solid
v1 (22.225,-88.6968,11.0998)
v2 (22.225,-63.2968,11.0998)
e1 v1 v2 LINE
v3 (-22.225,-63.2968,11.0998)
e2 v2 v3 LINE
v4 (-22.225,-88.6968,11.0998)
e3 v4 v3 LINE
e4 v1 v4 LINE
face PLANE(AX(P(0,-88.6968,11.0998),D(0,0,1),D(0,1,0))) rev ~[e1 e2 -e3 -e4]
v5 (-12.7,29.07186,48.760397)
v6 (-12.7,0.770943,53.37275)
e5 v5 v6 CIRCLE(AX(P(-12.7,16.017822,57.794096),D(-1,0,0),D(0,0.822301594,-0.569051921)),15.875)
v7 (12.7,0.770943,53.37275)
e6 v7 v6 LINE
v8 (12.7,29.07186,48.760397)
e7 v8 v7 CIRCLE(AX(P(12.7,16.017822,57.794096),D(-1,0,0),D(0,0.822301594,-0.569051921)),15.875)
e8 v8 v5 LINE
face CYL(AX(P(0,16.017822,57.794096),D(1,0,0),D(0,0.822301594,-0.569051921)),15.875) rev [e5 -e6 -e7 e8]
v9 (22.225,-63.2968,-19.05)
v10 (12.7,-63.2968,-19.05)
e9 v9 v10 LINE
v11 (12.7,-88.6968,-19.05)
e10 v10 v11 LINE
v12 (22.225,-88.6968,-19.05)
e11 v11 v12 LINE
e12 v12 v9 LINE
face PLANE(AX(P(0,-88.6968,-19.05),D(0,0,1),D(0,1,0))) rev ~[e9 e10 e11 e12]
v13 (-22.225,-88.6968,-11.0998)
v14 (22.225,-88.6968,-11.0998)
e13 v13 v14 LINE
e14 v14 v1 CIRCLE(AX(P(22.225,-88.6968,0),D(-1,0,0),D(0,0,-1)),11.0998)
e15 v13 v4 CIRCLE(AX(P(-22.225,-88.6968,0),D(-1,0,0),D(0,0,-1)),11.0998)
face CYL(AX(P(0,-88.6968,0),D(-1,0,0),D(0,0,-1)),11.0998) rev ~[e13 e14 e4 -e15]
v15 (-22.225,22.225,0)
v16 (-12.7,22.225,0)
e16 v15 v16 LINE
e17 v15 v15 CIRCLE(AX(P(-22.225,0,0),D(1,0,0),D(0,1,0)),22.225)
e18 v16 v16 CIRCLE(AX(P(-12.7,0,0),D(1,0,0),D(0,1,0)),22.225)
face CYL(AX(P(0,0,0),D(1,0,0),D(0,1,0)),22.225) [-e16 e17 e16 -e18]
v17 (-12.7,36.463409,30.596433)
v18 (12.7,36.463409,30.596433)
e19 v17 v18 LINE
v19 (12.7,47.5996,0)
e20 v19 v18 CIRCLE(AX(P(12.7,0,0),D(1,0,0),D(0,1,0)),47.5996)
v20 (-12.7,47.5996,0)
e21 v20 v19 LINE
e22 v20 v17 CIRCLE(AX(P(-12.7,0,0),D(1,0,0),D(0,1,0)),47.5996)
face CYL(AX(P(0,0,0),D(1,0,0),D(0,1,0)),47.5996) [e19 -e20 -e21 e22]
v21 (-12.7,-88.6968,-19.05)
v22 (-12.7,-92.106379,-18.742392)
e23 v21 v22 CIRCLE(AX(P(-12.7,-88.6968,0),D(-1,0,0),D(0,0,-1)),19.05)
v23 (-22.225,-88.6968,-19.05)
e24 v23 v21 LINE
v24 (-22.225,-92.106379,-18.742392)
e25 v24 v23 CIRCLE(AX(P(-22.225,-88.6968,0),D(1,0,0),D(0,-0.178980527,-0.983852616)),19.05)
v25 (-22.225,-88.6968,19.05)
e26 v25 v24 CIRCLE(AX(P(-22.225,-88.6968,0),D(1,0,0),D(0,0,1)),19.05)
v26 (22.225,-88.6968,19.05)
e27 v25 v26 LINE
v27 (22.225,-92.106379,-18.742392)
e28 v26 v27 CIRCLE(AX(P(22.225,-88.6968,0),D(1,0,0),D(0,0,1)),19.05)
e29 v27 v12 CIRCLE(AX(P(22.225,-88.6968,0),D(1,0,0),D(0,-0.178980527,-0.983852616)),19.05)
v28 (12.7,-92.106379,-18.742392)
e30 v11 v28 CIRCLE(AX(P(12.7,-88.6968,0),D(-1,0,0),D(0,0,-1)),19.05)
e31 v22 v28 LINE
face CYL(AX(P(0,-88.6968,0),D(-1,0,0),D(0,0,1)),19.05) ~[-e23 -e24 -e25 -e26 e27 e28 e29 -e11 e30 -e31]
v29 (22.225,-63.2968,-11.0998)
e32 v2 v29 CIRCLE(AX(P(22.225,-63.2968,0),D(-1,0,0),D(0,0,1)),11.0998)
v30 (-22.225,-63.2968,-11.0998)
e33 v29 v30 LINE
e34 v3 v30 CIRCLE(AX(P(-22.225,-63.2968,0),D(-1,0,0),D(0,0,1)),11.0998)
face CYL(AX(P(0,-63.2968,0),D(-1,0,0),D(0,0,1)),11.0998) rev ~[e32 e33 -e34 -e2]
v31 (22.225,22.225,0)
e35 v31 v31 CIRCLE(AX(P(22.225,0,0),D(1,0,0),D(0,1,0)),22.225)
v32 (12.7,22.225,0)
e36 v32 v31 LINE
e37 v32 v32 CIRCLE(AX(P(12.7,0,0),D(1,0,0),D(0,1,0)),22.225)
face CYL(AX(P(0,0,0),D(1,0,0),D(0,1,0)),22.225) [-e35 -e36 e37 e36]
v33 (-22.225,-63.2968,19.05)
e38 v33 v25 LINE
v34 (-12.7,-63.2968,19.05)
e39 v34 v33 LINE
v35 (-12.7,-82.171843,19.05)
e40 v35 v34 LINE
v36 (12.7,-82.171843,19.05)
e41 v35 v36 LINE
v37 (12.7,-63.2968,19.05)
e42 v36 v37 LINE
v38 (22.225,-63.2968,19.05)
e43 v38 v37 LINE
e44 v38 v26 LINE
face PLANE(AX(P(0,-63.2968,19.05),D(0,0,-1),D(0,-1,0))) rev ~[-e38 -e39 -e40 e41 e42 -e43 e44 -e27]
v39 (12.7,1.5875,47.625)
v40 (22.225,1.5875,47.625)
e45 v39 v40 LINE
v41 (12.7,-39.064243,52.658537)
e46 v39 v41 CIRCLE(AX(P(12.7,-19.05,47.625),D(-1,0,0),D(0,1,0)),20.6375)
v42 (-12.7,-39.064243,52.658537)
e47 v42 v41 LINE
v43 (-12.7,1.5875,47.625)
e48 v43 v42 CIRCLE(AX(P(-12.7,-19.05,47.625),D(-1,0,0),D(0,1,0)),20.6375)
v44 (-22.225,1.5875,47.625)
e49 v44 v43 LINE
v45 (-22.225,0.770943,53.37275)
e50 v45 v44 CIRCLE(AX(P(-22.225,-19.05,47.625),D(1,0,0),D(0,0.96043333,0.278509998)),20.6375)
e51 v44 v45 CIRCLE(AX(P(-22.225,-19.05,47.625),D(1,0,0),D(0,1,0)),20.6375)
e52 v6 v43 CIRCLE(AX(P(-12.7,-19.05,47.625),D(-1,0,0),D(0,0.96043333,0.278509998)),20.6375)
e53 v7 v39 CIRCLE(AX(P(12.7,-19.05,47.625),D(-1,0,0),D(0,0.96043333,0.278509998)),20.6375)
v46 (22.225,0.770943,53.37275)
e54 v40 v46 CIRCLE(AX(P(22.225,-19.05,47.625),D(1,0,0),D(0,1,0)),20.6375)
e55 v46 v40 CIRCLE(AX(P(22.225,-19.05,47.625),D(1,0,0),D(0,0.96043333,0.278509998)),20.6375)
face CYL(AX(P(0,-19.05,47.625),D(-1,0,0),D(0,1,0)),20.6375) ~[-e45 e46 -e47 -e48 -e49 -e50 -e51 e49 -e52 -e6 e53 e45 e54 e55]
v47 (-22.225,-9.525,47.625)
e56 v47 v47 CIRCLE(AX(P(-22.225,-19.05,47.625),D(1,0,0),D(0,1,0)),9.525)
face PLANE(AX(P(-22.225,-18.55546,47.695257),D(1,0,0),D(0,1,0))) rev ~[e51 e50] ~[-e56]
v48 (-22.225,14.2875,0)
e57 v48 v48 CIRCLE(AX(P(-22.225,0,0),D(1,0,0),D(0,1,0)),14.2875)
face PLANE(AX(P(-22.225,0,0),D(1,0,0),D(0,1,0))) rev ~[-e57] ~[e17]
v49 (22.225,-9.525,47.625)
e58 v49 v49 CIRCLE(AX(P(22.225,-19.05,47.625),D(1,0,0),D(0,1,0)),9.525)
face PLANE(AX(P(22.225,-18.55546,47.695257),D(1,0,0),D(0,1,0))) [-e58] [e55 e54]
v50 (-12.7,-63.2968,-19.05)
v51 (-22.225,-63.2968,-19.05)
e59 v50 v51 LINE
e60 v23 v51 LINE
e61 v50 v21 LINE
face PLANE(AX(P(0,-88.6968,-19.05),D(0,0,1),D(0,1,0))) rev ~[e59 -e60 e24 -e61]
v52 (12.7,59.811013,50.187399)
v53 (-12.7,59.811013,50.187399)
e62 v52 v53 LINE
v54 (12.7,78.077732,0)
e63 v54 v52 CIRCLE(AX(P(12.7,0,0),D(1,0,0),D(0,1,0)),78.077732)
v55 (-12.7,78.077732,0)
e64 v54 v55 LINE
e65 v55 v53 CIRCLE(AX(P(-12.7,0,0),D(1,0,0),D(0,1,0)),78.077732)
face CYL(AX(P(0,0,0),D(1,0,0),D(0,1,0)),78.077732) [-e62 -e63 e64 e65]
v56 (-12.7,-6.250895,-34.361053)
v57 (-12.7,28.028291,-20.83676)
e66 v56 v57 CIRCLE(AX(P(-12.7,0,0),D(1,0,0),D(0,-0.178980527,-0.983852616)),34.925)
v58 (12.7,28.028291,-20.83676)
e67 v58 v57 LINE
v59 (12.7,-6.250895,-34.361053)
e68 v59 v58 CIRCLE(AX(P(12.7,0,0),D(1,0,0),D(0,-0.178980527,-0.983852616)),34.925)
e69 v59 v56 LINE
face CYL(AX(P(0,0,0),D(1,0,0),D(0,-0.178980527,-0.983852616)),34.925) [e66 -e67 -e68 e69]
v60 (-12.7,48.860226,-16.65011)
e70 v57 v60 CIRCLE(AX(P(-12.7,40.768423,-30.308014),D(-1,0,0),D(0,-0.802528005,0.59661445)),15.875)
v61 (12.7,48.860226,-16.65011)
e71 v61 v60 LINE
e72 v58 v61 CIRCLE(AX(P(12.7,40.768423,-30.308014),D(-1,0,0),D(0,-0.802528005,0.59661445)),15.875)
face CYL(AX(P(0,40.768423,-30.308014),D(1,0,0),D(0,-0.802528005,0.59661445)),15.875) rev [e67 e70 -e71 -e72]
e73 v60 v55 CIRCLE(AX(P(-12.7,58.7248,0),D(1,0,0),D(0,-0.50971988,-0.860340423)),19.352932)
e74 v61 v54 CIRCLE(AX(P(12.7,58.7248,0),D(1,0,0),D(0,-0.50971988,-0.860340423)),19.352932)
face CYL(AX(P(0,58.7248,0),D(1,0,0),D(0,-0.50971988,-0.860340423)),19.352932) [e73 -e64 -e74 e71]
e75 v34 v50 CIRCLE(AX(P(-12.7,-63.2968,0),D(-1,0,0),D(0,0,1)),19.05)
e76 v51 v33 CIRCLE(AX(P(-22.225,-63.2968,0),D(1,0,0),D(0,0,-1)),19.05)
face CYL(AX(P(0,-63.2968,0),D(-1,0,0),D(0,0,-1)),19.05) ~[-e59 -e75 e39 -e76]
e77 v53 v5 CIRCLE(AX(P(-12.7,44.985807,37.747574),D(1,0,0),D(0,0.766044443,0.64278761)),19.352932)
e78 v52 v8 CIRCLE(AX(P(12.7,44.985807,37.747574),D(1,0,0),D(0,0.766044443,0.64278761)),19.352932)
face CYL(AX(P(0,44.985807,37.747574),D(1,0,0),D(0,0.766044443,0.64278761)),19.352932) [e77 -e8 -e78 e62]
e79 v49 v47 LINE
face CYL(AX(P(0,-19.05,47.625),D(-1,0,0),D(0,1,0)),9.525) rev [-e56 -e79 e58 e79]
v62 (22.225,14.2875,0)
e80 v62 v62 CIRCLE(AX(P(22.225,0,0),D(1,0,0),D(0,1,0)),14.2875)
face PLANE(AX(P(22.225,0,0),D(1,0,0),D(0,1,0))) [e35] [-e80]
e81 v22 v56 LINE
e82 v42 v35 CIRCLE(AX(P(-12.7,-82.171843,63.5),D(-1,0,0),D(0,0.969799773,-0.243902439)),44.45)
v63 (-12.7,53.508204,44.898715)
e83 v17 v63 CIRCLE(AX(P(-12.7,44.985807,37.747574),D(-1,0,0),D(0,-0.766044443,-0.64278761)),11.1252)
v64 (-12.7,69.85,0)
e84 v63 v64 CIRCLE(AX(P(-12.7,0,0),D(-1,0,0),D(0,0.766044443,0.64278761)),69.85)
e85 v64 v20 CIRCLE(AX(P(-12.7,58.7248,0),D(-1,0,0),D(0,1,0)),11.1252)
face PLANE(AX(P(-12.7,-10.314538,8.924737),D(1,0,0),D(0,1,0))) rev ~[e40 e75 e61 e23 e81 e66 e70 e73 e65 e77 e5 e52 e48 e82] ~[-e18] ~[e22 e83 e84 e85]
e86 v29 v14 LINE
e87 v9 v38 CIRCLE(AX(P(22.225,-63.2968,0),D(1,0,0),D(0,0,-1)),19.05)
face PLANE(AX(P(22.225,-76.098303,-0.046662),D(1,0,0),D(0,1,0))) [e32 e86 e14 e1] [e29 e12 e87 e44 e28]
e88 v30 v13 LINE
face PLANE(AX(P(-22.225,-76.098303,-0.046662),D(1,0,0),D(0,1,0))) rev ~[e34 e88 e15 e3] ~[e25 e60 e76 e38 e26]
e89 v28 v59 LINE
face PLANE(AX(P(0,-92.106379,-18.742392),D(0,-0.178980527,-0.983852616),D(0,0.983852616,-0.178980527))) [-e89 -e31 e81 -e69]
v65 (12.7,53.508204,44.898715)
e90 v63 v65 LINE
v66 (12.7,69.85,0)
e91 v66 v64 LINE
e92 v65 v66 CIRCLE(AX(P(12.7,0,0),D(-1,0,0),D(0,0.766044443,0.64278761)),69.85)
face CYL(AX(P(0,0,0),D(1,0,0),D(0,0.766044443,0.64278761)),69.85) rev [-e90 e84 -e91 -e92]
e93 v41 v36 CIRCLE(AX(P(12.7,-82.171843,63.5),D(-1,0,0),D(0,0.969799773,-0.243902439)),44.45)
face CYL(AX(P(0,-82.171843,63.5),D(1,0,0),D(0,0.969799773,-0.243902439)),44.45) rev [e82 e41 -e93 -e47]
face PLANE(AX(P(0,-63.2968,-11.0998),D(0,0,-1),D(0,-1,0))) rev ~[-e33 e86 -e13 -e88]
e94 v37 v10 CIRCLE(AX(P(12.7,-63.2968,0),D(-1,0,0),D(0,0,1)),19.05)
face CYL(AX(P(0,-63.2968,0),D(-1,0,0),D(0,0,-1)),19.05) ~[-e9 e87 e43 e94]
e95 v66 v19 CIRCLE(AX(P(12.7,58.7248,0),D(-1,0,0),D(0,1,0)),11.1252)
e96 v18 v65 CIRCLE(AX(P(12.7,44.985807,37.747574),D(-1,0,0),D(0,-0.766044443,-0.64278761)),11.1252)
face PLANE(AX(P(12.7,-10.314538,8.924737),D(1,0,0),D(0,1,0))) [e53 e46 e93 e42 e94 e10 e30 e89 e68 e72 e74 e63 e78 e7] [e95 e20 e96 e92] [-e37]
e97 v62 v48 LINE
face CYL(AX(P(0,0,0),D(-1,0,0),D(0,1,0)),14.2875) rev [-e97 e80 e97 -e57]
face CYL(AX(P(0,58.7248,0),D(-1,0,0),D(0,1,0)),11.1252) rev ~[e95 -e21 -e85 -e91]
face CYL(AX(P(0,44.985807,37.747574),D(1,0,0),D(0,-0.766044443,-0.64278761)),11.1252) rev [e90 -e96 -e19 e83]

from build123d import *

# Parameters (mm, degrees)
F0_R     = 22.225
F1_DEPTH = 12.7
F0_R_2   = 9.525
F0_R_3   = 14.2875
F2_DEPTH = 22.225


with BuildPart() as f1:
    # F0 (on Right) → F1 (new body, symmetric)
    with BuildSketch(Plane.YZ):
        with BuildLine():
            ThreePointArc((0.7709428469, 53.3727500739), (1.3823409605, 50.5277313214), (1.5875, 47.625))
            ThreePointArc((1.5875, 47.625), (-21.5859879765, 27.1439069815), (-39.0642428209, 52.6585365854))
            ThreePointArc((-39.0642428209, 52.6585365854), (-54.8414617427, 28.4450035745), (-82.1718427428, 19.05))
            Line((-82.1718427428, 19.05), (-63.2968, 19.05))
            ThreePointArc((-63.2968, 19.05), (-44.2468, 0), (-63.2968, -19.05))
            Line((-63.2968, -19.05), (-88.6968, -19.05))
            ThreePointArc((-88.6968, -19.05), (-90.408513446, -18.9729422357), (-92.1063790378, -18.7423923442))
            Line((-92.1063790378, -18.7423923442), (-6.2508949026, -34.3610526311))
            ThreePointArc((-6.2508949026, -34.3610526311), (12.8175803312, -32.4879248253), (28.0282905638, -20.8367596586))
            ThreePointArc((28.0282905638, -20.8367596586), (37.6405240223, -14.7442138944), (48.8602257395, -16.650109833))
            ThreePointArc((48.8602257395, -16.650109833), (68.3067503871, -16.8143453506), (78.0777321497, 0))
            ThreePointArc((78.0777321497, 0), (73.3690687488, 26.7041571404), (59.8110128446, 50.1873988183))
            ThreePointArc((59.8110128446, 50.1873988183), (44.0883532808, 57.07968597), (29.0718597616, 48.7603970384))
            ThreePointArc((29.0718597616, 48.7603970384), (13.4642776808, 42.1258150573), (0.7709428469, 53.3727500739))
        make_face()
        Circle(F0_R, mode=Mode.SUBTRACT)
        with BuildLine():
            ThreePointArc((69.85, 0), (58.7248, -11.1252), (47.5996, 0))
            ThreePointArc((47.5996, 0), (44.7289928724, 16.2800220142), (36.4634090747, 30.596433106))
            ThreePointArc((36.4634090747, 30.596433106), (37.834665998, 46.2699714599), (53.5082043519, 44.8987145366))
            ThreePointArc((53.5082043519, 44.8987145366), (65.6375295619, 23.8901070113), (69.85, 0))
        make_face(mode=Mode.SUBTRACT)
    extrude(amount=F1_DEPTH, both=True)

    # F0 (on Right) → F2 (join, symmetric)
    with BuildSketch(Plane.YZ):
        with BuildLine():
            Line((-63.2968, 19.05), (-82.1718427428, 19.05))
            Line((-82.1718427428, 19.05), (-88.6968, 19.05))
            ThreePointArc((-88.6968, 19.05), (-107.6697422357, 1.711713446), (-92.1063790378, -18.7423923442))
            ThreePointArc((-92.1063790378, -18.7423923442), (-90.408513446, -18.9729422357), (-88.6968, -19.05))
            Line((-88.6968, -19.05), (-63.2968, -19.05))
            ThreePointArc((-63.2968, -19.05), (-44.2468, 0), (-63.2968, 19.05))
        make_face()
        with BuildLine():
            ThreePointArc((-88.6968, -11.0998), (-99.7966, 0), (-88.6968, 11.0998))
            Line((-88.6968, 11.0998), (-63.2968, 11.0998))
            ThreePointArc((-63.2968, 11.0998), (-52.197, 0), (-63.2968, -11.0998))
            Line((-63.2968, -11.0998), (-88.6968, -11.0998))
        make_face(mode=Mode.SUBTRACT)
        with BuildLine():
            ThreePointArc((-39.0642428209, 52.6585365854), (-21.5859879765, 27.1439069815), (1.5875, 47.625))
            ThreePointArc((1.5875, 47.625), (1.3823409605, 50.5277313214), (0.7709428469, 53.3727500739))
            ThreePointArc((0.7709428469, 53.3727500739), (-19.419954655, 68.2591837688), (-39.0642428209, 52.6585365854))
        make_face()
        with Locations((-19.05, 47.625)):
            Circle(F0_R_2, mode=Mode.SUBTRACT)
        Circle(F0_R)
        Circle(F0_R_3, mode=Mode.SUBTRACT)
    extrude(amount=F2_DEPTH, both=True)


solid = f1.part
